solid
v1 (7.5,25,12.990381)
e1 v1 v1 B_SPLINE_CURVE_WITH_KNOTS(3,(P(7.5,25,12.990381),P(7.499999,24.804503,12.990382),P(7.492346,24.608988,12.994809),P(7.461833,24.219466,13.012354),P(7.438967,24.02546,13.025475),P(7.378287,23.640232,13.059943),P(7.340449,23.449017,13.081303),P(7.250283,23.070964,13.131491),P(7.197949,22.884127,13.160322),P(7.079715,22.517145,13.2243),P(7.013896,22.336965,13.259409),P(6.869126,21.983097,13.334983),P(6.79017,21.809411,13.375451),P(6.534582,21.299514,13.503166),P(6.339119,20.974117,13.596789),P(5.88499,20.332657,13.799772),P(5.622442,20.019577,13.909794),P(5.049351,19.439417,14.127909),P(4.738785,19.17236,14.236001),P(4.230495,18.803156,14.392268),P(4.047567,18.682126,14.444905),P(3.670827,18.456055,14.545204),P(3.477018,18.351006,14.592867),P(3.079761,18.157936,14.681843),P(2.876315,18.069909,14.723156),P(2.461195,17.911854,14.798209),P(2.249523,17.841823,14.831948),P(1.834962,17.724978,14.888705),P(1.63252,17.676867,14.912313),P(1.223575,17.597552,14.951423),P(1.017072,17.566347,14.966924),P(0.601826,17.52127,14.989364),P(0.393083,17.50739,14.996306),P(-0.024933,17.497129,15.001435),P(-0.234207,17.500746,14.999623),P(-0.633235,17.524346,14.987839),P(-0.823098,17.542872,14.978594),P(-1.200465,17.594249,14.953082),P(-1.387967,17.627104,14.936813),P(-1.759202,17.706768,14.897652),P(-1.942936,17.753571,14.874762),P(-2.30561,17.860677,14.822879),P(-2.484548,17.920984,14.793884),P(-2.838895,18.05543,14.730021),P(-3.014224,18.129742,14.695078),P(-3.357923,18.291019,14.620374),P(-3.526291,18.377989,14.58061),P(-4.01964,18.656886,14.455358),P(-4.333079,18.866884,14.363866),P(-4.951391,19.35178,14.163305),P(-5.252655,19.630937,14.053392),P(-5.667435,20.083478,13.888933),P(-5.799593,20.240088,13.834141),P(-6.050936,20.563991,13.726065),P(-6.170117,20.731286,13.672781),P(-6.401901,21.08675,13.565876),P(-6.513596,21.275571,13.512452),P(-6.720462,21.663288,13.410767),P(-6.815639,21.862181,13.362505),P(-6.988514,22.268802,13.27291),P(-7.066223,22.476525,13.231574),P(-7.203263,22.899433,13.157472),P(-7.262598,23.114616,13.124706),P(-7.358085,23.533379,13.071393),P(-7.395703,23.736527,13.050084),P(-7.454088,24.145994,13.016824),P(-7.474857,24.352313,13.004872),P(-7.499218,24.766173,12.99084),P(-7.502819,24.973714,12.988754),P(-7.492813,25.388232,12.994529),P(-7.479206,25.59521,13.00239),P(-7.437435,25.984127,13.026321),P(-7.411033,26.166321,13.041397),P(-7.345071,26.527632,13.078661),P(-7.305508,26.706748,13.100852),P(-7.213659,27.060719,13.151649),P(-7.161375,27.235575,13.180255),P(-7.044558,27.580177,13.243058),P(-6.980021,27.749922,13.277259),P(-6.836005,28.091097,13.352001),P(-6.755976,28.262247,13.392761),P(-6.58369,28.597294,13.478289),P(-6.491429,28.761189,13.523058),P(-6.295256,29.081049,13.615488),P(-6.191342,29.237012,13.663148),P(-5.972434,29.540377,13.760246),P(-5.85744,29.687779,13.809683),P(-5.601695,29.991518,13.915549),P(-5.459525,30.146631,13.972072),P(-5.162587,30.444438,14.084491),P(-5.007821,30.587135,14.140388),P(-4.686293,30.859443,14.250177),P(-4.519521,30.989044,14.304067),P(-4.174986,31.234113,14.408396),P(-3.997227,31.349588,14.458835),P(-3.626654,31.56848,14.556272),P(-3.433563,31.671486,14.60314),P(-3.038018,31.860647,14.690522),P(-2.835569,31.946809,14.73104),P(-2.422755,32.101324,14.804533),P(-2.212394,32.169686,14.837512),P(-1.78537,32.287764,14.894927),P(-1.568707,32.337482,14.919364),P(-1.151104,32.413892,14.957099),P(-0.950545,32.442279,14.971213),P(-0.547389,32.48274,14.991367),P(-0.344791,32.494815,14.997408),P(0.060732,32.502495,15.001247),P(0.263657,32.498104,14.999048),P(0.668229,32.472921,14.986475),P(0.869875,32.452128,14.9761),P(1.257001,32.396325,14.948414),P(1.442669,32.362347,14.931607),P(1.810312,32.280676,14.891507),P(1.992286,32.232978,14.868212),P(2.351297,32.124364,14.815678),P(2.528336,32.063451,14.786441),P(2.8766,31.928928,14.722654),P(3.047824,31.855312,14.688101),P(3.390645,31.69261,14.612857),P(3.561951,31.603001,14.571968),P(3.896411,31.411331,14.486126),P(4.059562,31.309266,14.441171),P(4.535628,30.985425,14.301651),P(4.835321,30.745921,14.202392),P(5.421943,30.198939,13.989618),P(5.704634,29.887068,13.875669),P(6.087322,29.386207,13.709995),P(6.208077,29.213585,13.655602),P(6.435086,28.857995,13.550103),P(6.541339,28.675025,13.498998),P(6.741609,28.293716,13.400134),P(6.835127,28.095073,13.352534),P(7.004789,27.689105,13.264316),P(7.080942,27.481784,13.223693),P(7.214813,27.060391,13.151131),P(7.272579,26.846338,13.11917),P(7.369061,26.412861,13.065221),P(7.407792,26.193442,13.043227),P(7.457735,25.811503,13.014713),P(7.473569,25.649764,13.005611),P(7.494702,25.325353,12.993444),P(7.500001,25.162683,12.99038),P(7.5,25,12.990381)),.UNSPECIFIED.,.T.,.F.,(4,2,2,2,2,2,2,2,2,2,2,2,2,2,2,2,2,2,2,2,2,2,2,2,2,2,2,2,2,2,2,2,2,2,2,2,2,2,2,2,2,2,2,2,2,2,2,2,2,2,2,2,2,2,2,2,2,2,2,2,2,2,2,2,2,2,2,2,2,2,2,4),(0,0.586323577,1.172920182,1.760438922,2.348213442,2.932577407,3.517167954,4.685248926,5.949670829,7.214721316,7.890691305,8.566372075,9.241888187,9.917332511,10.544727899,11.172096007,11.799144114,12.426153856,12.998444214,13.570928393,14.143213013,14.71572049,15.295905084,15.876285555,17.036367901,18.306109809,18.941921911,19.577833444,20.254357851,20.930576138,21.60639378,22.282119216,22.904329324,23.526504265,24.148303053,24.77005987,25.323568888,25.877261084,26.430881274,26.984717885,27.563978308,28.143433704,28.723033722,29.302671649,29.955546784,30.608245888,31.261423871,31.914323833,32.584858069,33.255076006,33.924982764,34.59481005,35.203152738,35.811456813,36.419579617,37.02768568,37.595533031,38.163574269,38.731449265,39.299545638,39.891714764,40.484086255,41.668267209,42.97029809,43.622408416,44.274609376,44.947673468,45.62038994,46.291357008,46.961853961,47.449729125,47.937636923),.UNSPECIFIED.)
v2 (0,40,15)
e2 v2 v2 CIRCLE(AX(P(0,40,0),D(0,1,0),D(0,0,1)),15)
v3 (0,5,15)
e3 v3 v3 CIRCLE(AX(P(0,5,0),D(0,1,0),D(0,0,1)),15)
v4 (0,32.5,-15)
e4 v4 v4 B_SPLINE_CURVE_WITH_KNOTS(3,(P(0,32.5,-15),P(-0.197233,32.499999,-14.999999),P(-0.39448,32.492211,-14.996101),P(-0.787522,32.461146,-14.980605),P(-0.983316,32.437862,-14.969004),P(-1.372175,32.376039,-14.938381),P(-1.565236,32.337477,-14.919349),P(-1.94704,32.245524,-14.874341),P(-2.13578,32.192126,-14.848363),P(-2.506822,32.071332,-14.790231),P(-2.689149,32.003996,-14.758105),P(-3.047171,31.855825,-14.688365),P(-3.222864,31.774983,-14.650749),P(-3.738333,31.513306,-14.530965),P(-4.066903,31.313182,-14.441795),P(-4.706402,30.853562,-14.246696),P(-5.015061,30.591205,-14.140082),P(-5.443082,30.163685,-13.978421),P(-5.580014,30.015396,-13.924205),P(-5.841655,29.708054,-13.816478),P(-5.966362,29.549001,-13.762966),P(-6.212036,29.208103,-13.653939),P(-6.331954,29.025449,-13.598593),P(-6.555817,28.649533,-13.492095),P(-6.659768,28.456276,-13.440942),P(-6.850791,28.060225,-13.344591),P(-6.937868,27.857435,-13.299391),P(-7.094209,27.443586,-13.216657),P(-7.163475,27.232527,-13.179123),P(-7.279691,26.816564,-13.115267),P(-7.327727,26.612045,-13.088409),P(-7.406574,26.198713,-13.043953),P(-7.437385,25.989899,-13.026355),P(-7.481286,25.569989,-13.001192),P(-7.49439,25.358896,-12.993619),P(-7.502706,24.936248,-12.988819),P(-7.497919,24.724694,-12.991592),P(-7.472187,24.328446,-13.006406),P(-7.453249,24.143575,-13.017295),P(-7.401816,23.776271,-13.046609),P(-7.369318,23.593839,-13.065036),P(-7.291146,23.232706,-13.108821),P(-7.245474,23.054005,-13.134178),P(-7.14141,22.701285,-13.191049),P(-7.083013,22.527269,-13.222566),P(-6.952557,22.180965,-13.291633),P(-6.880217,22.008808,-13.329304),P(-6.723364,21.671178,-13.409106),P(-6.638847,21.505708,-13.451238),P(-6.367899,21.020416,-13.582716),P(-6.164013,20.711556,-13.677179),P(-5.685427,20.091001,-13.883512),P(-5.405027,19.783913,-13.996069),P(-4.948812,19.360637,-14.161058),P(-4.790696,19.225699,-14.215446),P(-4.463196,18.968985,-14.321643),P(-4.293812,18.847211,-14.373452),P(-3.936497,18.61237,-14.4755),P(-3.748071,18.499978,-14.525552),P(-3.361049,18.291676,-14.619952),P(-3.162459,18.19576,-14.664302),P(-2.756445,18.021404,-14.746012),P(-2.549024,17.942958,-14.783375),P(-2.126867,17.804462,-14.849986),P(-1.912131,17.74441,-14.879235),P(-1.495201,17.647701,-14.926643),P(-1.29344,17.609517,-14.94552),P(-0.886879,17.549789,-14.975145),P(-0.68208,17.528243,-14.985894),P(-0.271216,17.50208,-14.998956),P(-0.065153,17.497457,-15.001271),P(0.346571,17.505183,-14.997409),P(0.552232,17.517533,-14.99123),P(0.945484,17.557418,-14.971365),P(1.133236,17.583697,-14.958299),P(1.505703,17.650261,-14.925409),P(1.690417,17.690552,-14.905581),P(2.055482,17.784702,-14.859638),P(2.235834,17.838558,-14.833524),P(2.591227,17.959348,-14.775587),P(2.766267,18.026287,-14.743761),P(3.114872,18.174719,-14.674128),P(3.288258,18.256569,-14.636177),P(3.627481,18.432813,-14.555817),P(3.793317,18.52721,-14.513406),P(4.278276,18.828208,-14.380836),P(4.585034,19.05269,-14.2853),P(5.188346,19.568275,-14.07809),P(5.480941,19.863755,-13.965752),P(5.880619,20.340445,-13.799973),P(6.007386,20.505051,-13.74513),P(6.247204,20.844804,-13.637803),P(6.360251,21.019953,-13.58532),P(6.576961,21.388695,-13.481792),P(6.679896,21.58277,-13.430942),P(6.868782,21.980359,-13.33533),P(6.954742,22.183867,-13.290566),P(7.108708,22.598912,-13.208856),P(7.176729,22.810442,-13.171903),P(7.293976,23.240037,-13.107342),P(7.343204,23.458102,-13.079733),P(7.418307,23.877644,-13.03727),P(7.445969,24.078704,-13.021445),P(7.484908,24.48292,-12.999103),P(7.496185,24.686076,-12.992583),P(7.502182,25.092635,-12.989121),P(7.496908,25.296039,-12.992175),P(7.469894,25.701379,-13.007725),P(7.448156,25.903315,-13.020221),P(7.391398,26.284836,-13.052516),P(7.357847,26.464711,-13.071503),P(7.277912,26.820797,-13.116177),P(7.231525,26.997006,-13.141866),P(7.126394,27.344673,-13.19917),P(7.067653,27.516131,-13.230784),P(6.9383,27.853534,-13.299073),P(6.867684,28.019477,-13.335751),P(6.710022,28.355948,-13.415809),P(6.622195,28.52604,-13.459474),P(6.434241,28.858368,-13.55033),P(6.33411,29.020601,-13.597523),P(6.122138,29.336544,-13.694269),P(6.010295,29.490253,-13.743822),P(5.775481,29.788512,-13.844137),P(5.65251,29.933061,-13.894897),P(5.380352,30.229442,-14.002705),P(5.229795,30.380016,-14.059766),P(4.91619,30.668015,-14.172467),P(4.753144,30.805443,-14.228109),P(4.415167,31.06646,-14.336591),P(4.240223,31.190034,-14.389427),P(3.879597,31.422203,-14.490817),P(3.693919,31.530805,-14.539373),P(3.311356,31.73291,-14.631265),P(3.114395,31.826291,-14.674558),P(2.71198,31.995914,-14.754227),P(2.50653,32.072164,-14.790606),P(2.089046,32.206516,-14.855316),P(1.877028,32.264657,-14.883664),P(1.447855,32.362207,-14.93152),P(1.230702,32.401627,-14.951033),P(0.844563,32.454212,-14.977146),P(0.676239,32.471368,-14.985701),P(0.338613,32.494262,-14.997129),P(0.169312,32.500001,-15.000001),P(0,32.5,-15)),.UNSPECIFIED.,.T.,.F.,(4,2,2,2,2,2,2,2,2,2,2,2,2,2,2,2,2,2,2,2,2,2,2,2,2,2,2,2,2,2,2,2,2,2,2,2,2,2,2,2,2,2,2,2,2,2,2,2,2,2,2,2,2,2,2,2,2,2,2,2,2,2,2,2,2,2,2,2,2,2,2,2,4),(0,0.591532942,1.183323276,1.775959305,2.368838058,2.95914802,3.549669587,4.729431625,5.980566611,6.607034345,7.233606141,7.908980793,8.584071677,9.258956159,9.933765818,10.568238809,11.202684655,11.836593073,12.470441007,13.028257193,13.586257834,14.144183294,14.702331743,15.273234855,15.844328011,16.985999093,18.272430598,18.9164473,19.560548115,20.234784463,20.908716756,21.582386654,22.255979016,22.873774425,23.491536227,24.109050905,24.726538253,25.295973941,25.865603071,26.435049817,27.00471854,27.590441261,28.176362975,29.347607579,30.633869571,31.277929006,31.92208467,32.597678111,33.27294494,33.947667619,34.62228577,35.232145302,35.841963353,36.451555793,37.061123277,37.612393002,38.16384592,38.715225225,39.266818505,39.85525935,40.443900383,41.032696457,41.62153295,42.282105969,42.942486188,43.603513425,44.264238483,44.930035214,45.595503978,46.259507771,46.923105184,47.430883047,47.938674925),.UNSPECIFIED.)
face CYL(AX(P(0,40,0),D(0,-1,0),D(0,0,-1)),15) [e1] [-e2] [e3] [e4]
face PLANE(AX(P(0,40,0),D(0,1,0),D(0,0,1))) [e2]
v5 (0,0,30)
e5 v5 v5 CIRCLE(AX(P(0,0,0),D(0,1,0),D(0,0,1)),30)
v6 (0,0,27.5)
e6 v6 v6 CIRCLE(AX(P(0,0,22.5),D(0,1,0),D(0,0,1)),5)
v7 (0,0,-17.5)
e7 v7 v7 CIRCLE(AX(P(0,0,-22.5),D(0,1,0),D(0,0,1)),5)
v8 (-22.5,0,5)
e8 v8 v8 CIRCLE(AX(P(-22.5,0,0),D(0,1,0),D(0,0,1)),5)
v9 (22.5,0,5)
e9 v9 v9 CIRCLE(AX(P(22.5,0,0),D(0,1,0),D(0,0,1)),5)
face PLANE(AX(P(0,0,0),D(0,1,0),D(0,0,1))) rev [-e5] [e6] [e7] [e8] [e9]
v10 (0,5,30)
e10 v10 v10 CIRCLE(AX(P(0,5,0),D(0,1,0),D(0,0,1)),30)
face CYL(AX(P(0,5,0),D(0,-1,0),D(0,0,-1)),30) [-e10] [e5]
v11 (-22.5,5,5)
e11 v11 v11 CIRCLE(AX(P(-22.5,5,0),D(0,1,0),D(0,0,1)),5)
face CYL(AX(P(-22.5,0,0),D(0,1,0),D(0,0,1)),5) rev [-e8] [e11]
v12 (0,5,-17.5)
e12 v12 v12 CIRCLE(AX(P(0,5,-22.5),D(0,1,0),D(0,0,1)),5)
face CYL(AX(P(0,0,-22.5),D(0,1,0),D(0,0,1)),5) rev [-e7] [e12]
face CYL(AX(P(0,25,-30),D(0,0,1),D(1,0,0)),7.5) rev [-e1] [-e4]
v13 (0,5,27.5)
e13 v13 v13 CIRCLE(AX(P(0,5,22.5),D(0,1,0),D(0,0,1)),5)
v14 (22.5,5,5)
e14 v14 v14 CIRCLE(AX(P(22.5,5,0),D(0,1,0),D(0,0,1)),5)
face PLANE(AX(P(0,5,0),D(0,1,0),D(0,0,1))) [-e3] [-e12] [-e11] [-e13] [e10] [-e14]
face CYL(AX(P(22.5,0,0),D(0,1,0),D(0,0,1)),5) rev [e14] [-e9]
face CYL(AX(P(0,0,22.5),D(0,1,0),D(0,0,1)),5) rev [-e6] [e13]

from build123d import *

# Parameters (mm, degrees)
SKETCH1_R           = 30
BOSS_EXTRUDE1_DEPTH = 5
SKETCH2_R           = 5
CUT_EXTRUDE1_DEPTH  = 5
SKETCH3_R           = 15
BOSS_EXTRUDE2_DEPTH = 35
SKETCH4_R           = 7.5
CUT_EXTRUDE2_DEPTH  = 68.268120235


with BuildPart() as part:
    # Sketch1 → Boss-Extrude1 (new body)
    with BuildSketch(Plane(origin=(0, 0, 0), x_dir=(1, 0, 0), z_dir=(0, 1, 0))):
        with Locations(Location((0, 0, 0), (0, 0, 270))):
            Circle(SKETCH1_R)
    extrude(amount=BOSS_EXTRUDE1_DEPTH)

    # Sketch2 → Cut-Extrude1 (cut)
    with BuildSketch(Plane(origin=(0, 5, 0), x_dir=(1, 0, 0), z_dir=(0, 1, 0))):
        with Locations(Location((0, 22.5, 0), (0, 0, 270))):
            Circle(SKETCH2_R)
        with Locations(Location((22.5, 0, 0), (0, 0, 270))):
            Circle(SKETCH2_R)
        with Locations(Location((0, -22.5, 0), (0, 0, 270))):
            Circle(SKETCH2_R)
        with Locations(Location((-22.5, 0, 0), (0, 0, 270))):
            Circle(SKETCH2_R)
    extrude(amount=-CUT_EXTRUDE1_DEPTH, mode=Mode.SUBTRACT)

    # Sketch3 → Boss-Extrude2 (add)
    with BuildSketch(Plane(origin=(0, 5, 0), x_dir=(1, 0, 0), z_dir=(0, 1, 0))):
        with Locations(Location((0, 0, 0), (0, 0, 270))):
            Circle(SKETCH3_R)
    extrude(amount=BOSS_EXTRUDE2_DEPTH)

    # Sketch4 → Cut-Extrude2 (cut, through all)
    with BuildSketch(Plane.XY.offset(15)):
        with Locations(Location((0, 25, 0), (0, 0, 90.000000014))):
            Circle(SKETCH4_R)
    extrude(amount=-CUT_EXTRUDE2_DEPTH, mode=Mode.SUBTRACT)


solid = part.part
